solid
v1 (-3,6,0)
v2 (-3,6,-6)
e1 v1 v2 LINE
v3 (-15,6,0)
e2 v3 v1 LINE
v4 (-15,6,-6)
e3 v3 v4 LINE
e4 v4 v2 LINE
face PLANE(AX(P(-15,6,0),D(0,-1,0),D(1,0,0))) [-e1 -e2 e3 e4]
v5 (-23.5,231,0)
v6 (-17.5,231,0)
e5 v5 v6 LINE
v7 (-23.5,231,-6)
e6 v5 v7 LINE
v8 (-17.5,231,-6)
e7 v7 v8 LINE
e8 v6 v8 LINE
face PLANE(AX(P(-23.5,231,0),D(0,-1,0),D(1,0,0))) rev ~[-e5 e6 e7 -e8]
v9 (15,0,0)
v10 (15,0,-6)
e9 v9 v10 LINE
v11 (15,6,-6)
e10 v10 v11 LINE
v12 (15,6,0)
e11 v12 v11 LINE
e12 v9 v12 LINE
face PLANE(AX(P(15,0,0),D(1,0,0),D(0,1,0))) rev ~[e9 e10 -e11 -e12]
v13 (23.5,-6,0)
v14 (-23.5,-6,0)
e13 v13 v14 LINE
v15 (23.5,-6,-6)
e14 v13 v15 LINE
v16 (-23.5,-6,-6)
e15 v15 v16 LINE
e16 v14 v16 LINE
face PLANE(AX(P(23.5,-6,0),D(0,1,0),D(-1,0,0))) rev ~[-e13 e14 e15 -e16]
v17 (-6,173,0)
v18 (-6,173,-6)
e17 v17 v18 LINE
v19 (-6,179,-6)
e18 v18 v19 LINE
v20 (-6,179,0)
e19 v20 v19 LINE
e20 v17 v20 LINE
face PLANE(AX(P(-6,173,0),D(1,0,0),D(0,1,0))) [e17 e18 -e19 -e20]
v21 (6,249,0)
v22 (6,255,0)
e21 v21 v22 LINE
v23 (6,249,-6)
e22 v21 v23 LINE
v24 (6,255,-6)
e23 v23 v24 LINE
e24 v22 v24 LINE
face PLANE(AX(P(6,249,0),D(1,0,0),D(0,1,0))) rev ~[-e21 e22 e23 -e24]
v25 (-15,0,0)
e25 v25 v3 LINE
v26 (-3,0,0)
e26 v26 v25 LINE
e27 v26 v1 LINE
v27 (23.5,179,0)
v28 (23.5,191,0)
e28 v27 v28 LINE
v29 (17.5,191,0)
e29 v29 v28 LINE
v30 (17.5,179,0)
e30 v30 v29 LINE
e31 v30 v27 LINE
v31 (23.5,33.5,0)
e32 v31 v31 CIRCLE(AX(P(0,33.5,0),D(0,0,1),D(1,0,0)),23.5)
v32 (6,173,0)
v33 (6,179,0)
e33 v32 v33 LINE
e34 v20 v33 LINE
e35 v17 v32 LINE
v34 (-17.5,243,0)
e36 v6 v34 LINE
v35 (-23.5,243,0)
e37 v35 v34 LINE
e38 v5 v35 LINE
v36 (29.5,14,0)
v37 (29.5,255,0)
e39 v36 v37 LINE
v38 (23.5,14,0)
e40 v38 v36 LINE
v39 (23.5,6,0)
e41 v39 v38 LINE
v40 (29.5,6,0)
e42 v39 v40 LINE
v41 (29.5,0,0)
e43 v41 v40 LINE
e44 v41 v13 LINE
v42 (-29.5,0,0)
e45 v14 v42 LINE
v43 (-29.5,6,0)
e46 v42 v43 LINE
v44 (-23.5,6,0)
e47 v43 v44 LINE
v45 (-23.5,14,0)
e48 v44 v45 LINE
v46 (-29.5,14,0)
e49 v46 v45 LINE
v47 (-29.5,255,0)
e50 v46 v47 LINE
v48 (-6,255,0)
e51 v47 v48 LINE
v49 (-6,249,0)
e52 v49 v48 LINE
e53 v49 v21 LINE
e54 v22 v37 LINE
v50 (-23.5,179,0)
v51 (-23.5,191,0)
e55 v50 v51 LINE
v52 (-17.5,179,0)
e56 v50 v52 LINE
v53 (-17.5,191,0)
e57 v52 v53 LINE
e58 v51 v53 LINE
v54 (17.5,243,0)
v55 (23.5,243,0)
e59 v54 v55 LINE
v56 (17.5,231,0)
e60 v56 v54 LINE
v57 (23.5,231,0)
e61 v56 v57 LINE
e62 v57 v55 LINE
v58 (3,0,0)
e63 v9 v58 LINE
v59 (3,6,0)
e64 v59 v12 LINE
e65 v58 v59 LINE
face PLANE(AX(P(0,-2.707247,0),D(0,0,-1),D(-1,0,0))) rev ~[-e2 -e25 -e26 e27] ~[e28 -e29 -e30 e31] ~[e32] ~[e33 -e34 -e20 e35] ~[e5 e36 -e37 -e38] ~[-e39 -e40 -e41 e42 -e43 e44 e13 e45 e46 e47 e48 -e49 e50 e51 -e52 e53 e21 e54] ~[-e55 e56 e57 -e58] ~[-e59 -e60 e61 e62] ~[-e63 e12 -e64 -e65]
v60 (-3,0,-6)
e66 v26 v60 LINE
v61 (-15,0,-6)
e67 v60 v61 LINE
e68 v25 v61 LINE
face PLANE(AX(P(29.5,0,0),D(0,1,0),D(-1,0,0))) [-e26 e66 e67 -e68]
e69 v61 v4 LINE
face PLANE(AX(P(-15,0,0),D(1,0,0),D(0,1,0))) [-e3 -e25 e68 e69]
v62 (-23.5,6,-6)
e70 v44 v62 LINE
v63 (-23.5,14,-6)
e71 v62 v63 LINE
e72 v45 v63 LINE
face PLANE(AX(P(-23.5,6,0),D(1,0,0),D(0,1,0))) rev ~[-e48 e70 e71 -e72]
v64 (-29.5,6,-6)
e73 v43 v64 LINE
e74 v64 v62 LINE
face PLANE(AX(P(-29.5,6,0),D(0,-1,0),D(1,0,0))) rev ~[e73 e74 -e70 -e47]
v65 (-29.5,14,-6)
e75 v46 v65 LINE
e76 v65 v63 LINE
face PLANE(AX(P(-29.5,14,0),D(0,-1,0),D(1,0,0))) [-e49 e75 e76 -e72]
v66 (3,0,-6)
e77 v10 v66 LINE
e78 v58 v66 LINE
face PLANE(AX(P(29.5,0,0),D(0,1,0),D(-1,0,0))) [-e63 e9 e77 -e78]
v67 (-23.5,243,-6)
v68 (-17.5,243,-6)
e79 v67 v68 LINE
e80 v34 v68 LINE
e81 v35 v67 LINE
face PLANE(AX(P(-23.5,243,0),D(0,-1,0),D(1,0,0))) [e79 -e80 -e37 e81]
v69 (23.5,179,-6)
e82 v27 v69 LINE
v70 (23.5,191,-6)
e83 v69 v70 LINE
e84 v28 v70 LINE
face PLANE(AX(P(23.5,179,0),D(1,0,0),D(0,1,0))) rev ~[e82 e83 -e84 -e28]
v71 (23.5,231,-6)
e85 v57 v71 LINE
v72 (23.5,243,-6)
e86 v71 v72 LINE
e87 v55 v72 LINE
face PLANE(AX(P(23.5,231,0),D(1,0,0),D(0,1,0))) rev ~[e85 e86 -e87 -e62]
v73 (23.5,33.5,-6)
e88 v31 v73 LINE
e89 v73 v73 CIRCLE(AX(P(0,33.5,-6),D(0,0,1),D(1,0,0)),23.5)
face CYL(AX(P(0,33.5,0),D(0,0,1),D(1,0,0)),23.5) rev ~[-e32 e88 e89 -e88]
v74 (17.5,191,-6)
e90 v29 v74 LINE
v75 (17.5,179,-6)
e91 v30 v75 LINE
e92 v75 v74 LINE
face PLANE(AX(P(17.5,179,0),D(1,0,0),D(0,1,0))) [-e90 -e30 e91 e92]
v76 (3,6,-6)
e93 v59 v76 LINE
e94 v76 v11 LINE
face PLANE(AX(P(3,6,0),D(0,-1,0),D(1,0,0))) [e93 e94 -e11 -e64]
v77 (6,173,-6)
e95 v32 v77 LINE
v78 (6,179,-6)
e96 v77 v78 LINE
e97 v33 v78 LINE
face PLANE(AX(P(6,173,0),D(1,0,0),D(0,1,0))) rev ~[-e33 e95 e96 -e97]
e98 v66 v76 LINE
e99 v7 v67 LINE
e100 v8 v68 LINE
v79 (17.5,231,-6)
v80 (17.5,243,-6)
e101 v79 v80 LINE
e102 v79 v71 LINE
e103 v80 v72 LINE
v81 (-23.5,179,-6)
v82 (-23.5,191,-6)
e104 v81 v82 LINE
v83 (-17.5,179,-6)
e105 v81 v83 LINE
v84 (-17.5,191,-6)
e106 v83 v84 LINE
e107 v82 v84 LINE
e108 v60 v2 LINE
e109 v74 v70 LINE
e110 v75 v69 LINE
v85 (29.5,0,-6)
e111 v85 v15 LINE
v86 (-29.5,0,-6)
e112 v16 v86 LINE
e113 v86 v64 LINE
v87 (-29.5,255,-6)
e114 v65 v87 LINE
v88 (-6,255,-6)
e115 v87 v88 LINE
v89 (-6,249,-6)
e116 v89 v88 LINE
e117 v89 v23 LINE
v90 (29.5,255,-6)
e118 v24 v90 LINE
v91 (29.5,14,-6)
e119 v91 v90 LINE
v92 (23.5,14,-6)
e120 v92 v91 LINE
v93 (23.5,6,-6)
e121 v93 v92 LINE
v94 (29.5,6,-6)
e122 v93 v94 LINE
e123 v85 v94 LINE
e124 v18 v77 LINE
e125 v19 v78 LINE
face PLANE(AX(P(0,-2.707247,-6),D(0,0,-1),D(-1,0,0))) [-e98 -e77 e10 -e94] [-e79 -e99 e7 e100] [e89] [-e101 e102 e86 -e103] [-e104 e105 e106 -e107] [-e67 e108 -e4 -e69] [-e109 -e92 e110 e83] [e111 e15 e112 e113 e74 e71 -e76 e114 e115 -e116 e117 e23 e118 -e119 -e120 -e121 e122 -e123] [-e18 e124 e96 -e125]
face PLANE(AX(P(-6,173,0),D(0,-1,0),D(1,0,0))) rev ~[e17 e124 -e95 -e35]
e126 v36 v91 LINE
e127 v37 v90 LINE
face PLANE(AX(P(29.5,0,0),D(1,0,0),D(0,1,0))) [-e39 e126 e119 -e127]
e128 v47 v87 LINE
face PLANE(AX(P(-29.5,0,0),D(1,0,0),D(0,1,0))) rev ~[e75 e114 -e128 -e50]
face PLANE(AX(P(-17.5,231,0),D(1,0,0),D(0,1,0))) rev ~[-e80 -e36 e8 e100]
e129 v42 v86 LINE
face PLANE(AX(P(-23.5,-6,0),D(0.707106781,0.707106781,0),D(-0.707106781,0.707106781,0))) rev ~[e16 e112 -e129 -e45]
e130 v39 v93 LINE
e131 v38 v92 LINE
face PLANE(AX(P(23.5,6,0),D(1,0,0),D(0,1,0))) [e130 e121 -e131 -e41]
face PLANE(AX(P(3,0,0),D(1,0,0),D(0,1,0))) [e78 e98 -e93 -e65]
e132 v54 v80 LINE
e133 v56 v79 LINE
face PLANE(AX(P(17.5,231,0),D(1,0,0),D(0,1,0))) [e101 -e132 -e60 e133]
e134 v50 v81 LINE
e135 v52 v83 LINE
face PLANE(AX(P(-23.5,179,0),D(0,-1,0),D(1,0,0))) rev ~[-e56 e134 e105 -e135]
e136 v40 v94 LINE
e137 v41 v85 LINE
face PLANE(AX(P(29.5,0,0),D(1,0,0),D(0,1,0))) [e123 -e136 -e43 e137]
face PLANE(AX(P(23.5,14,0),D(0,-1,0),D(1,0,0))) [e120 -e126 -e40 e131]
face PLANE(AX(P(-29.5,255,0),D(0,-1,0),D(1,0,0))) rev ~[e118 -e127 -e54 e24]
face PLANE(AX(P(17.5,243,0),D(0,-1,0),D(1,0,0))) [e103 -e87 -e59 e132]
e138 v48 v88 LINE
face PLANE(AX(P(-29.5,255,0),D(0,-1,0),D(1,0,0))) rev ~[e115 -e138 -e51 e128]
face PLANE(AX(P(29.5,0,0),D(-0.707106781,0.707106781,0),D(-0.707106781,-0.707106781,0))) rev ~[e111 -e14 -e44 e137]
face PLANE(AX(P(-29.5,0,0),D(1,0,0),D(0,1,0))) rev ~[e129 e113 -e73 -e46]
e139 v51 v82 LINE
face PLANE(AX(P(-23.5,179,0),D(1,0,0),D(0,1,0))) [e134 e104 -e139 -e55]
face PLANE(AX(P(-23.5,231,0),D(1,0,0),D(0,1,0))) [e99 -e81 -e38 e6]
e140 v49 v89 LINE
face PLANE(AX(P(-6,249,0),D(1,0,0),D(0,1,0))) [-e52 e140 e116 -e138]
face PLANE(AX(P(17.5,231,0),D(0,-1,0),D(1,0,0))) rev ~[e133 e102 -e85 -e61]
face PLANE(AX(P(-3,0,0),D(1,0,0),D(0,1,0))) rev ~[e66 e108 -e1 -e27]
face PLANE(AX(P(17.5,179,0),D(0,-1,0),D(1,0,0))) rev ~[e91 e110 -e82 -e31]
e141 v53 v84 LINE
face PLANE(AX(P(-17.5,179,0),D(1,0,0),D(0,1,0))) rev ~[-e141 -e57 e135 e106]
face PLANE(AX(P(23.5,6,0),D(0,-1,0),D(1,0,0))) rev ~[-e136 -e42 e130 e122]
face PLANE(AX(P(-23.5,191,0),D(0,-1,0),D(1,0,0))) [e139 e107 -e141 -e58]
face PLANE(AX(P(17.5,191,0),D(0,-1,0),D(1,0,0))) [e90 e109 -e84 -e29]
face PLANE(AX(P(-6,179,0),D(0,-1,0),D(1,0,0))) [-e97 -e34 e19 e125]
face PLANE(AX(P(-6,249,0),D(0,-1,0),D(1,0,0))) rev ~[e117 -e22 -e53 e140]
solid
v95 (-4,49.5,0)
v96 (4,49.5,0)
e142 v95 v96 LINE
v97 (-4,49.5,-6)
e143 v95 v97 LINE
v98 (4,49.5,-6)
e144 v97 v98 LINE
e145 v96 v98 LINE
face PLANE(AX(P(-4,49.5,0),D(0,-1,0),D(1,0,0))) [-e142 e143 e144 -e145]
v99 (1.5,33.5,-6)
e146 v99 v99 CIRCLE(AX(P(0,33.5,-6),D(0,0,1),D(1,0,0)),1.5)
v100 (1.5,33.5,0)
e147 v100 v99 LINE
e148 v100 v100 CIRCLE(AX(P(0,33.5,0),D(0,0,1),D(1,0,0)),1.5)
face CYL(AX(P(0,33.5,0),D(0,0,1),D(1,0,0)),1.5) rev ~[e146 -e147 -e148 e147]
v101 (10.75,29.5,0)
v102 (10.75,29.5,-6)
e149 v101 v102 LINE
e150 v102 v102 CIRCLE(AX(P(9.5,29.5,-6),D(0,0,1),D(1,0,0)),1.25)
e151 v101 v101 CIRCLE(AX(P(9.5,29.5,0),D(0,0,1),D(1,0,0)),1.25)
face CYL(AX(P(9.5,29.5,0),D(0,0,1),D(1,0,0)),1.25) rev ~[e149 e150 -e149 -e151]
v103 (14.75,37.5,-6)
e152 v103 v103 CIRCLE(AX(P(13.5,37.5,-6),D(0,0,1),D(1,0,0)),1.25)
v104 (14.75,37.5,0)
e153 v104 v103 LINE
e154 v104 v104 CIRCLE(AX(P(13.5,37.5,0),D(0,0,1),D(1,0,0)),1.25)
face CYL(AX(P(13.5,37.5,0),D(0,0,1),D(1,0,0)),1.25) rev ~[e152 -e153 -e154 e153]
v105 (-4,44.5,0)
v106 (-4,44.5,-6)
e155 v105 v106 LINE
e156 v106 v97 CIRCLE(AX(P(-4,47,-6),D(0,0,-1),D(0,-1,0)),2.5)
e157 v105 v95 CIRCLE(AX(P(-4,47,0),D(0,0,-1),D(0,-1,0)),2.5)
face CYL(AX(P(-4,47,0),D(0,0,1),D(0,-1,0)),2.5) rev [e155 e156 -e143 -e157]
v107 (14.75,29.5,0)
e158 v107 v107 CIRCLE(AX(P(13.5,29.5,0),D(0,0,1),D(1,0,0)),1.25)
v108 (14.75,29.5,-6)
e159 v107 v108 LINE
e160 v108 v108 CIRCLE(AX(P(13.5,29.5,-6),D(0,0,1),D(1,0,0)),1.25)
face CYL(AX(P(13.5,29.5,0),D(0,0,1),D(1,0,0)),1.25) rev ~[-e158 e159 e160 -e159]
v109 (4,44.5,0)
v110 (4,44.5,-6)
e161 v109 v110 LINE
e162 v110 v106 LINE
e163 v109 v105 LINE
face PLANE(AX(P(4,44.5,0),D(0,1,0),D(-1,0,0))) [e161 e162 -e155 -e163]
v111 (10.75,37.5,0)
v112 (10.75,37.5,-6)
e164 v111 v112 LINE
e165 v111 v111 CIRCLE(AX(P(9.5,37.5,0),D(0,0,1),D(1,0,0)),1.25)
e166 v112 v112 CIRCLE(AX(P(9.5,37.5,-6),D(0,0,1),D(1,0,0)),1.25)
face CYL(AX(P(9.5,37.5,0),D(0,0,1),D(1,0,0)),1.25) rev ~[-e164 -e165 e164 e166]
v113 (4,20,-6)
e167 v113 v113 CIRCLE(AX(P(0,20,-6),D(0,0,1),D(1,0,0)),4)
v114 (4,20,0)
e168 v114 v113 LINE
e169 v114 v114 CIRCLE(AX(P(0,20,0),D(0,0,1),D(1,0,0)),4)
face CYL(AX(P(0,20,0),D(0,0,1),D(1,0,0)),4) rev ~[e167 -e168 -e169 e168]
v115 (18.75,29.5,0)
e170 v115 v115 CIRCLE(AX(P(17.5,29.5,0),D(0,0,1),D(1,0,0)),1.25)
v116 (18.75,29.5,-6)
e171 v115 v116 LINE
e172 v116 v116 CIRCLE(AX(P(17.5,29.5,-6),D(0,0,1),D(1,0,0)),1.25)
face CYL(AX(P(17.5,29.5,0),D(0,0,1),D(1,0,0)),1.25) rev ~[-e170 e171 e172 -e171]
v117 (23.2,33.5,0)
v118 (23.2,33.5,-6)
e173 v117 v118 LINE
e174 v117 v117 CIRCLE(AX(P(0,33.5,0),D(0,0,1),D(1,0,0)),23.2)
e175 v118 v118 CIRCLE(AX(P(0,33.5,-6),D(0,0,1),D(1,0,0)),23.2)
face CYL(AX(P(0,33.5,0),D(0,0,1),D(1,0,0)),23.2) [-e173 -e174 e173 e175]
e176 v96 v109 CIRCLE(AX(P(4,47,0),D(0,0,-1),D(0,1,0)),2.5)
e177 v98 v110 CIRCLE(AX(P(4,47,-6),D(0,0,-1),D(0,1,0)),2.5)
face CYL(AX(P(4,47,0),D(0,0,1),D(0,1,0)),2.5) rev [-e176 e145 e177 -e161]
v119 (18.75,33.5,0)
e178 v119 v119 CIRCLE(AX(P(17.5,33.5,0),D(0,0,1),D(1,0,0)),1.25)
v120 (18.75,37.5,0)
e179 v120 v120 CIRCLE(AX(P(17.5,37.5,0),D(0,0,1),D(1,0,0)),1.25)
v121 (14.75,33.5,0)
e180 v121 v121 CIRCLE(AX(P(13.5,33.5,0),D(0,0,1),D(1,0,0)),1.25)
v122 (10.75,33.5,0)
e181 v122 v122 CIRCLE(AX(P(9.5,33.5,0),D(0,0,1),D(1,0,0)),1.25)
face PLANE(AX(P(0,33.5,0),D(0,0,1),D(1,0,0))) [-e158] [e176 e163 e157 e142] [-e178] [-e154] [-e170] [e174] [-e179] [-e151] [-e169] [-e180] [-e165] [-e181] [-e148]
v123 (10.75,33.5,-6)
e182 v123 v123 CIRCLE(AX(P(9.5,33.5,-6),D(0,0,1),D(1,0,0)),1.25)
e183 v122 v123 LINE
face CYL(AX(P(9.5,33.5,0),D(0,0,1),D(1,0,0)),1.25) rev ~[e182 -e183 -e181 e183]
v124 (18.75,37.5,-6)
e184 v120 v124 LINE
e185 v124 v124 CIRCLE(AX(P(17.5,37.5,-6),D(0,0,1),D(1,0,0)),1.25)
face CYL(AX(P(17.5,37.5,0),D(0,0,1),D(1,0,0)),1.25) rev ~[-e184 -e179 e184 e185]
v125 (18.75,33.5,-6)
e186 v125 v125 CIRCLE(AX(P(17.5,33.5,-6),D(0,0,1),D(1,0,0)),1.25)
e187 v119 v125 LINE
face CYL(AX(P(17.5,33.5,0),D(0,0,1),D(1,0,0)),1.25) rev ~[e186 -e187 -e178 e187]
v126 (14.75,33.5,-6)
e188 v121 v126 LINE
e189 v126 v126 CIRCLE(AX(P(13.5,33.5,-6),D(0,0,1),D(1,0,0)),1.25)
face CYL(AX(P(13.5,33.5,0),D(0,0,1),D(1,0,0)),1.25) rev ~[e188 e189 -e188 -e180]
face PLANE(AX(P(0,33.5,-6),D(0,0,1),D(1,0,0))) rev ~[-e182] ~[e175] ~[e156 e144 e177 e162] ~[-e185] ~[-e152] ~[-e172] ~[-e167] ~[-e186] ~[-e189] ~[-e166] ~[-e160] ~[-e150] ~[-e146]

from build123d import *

# Parameters (mm, degrees)
SKETCH1_R             = 23.2
SKETCH1_R_2           = 4
SKETCH1_R_3           = 1.25
SKETCH1_R_4           = 1.5
BOSS_EXTRUDE1_DEPTH   = 6
SKETCH1_W             = 59
SKETCH1_H             = 255
SKETCH1_R_5           = 23.5
BOSS_EXTRUDE1_2_DEPTH = 6
SKETCH3_W             = 6
SKETCH3_H             = 8
SKETCH3_H_2           = 12
SKETCH3_W_2           = 12
SKETCH3_H_3           = 6
CUT_EXTRUDE1_DEPTH    = 10
BOSS_EXTRUDE3_DEPTH   = 6


with BuildPart() as part:
    # Sketch1 → Boss-Extrude1 (new body)
    with BuildSketch(Plane.XY):
        with Locations((0, 33.5)):
            Circle(SKETCH1_R)
        with Locations((0, 20)):
            Circle(SKETCH1_R_2, mode=Mode.SUBTRACT)
        with Locations((9.5, 29.5)):
            Circle(SKETCH1_R_3, mode=Mode.SUBTRACT)
        with Locations((13.5, 29.5)):
            Circle(SKETCH1_R_3, mode=Mode.SUBTRACT)
        with Locations((17.5, 29.5)):
            Circle(SKETCH1_R_3, mode=Mode.SUBTRACT)
        with Locations((13.5, 33.5)):
            Circle(SKETCH1_R_3, mode=Mode.SUBTRACT)
        with Locations((17.5, 33.5)):
            Circle(SKETCH1_R_3, mode=Mode.SUBTRACT)
        with Locations((17.5, 37.5)):
            Circle(SKETCH1_R_3, mode=Mode.SUBTRACT)
        with Locations((13.5, 37.5)):
            Circle(SKETCH1_R_3, mode=Mode.SUBTRACT)
        with Locations((9.5, 37.5)):
            Circle(SKETCH1_R_3, mode=Mode.SUBTRACT)
        with Locations((9.5, 33.5)):
            Circle(SKETCH1_R_3, mode=Mode.SUBTRACT)
        with Locations((0, 33.5)):
            Circle(SKETCH1_R_4, mode=Mode.SUBTRACT)
        with BuildLine():
            Line((-4, 49.5), (4, 49.5))
            ThreePointArc((4, 49.5), (6.5, 47), (4, 44.5))
            Line((4, 44.5), (-4, 44.5))
            ThreePointArc((-4, 44.5), (-6.5, 47), (-4, 49.5))
        make_face(mode=Mode.SUBTRACT)
    extrude(amount=-BOSS_EXTRUDE1_DEPTH)


with BuildPart() as body_2:
    # Sketch1 → Boss-Extrude1 2 (new body)
    with BuildSketch(Plane.XY):
        with Locations((0, 127.5)):
            Rectangle(SKETCH1_W, SKETCH1_H)
        with Locations((0, 33.5)):
            Circle(SKETCH1_R_5, mode=Mode.SUBTRACT)
    extrude(amount=-BOSS_EXTRUDE1_2_DEPTH)

    # Sketch3 → Cut-Extrude1 (cut)
    with BuildSketch(Plane.XY):
        with Locations((-26.5, 10)):
            Rectangle(SKETCH3_W, SKETCH3_H)
        with Locations((26.5, 10)):
            Rectangle(SKETCH3_W, SKETCH3_H)
        with Locations((20.5, 237)):
            Rectangle(SKETCH3_W, SKETCH3_H_2)
        with Locations((20.5, 185)):
            Rectangle(SKETCH3_W, SKETCH3_H_2)
        with Locations((0, 176)):
            Rectangle(SKETCH3_W_2, SKETCH3_H_3)
        with Locations((-20.5, 185)):
            Rectangle(SKETCH3_W, SKETCH3_H_2)
        with Locations((-20.5, 237)):
            Rectangle(SKETCH3_W, SKETCH3_H_2)
        with Locations((0, 252)):
            Rectangle(SKETCH3_W_2, SKETCH3_H_3)
        with Locations((-9, 3)):
            Rectangle(SKETCH3_W_2, SKETCH3_H_3)
        with Locations((9, 3)):
            Rectangle(SKETCH3_W_2, SKETCH3_H_3)
    extrude(amount=-CUT_EXTRUDE1_DEPTH, mode=Mode.SUBTRACT)

    # Sketch5 → Boss-Extrude3 (add)
    with BuildSketch(Plane.XY):
        Polygon((-29.5, 0), (-23.5, 0), (23.5, 0), (29.5, 0), (23.5, -6), (-23.5, -6), align=None)
    extrude(amount=-BOSS_EXTRUDE3_DEPTH)


solid = Compound([part.part, body_2.part])
